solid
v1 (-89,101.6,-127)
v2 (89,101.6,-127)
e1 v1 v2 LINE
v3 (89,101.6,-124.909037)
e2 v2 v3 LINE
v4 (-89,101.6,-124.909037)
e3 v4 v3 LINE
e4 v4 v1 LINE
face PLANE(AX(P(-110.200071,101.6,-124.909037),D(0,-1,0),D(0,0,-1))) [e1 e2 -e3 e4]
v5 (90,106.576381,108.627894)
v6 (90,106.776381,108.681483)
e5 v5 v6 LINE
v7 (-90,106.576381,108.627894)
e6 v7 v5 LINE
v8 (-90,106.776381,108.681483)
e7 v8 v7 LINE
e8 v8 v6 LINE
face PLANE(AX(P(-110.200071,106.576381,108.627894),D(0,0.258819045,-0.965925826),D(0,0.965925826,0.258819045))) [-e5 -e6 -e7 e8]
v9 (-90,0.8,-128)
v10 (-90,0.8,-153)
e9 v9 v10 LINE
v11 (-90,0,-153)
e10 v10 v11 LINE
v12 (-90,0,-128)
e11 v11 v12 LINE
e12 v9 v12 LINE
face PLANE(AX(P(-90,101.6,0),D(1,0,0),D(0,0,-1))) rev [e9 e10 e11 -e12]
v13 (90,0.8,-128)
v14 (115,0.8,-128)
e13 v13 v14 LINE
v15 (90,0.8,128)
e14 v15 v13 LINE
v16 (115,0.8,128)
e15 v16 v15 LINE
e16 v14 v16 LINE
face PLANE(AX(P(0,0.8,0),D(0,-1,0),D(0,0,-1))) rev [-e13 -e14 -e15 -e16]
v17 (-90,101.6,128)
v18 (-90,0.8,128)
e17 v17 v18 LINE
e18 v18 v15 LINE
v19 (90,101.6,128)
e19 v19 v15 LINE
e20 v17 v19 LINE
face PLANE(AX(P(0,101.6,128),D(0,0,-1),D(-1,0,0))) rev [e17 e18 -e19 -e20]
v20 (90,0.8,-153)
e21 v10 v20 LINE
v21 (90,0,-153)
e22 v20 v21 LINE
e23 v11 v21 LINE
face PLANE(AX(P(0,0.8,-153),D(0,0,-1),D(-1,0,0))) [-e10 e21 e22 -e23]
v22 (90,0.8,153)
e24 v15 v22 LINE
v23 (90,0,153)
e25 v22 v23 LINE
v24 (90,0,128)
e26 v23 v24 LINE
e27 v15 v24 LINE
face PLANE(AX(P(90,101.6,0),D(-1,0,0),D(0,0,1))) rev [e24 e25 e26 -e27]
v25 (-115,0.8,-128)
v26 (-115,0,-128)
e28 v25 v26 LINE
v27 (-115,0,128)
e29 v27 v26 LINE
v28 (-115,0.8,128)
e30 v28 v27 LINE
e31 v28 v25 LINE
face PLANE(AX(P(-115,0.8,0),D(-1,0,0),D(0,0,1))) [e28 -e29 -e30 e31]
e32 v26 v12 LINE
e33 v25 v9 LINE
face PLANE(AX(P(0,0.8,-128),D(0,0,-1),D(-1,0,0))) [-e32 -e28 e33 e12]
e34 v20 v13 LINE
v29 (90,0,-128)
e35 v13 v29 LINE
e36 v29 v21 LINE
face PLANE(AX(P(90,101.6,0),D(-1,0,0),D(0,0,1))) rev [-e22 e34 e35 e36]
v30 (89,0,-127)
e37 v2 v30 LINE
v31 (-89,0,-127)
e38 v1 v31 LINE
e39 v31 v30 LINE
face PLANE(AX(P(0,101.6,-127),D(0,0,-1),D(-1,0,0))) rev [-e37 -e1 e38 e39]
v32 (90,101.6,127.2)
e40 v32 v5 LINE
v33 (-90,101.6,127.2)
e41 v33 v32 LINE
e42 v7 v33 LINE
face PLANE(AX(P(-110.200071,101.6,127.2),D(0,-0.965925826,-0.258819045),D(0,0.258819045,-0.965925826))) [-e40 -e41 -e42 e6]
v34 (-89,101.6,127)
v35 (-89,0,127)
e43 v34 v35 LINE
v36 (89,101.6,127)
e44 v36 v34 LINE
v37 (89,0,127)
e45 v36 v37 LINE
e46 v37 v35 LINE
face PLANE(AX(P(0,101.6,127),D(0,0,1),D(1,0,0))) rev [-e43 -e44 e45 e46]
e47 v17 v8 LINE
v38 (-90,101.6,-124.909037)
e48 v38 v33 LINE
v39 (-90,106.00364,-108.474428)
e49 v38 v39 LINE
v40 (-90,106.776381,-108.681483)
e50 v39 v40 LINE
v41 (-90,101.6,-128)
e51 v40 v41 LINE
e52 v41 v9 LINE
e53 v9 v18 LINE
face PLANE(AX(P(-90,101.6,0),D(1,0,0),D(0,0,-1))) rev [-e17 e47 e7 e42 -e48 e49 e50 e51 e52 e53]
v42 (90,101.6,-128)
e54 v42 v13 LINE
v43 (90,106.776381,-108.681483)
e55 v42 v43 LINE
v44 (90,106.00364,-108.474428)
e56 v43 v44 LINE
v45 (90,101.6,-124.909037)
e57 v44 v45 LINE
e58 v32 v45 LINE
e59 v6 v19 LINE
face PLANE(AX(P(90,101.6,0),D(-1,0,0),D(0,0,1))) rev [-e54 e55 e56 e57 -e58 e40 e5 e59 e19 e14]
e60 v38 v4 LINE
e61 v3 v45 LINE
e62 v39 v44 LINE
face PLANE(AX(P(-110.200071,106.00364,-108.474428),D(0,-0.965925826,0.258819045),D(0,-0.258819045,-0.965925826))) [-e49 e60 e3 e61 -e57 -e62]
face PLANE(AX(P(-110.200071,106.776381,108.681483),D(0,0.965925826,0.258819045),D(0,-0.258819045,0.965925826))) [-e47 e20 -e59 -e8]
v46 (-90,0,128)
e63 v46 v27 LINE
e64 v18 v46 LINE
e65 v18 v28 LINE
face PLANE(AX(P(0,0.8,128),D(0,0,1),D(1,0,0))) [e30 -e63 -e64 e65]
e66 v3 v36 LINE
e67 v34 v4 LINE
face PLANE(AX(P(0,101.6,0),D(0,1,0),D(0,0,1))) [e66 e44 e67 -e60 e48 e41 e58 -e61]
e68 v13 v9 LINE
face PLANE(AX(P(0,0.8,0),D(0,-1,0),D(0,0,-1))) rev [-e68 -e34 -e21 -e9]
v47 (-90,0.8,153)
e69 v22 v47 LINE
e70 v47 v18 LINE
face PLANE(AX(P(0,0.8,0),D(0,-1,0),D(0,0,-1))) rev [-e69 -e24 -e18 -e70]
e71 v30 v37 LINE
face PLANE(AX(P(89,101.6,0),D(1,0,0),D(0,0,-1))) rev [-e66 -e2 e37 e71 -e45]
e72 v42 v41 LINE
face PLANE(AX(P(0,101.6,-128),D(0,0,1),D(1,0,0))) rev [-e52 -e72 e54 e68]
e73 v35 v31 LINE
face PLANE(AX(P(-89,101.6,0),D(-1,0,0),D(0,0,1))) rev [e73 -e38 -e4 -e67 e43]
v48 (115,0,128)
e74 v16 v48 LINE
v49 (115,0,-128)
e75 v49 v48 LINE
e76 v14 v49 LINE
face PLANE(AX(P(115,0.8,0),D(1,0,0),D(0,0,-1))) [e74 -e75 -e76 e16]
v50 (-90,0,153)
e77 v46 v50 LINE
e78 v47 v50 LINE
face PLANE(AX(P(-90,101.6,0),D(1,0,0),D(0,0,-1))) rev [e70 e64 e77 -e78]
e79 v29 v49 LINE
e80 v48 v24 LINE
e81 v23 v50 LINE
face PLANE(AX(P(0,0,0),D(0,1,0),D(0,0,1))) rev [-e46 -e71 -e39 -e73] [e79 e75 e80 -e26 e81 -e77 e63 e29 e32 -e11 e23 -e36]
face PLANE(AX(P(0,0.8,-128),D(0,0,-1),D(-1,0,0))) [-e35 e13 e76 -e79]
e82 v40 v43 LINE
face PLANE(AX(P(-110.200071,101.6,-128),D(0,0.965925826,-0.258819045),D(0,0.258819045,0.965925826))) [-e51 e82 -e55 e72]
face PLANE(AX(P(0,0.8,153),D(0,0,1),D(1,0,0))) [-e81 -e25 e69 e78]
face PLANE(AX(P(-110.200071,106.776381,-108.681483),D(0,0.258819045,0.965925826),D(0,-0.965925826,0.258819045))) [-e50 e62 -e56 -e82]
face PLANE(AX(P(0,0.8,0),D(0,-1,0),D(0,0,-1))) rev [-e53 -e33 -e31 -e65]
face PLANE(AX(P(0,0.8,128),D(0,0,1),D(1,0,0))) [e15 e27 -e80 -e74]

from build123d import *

# Parameters (mm, degrees)
SKETCH1_W         = 180
SKETCH1_H         = 256
SKETCH1_W_2       = 178
SKETCH1_H_2       = 254
EXTRUSION1_DEPTH  = 101.6
SKETCH2_W         = 180
SKETCH2_H         = 25
SKETCH2_W_2       = 25
SKETCH2_H_2       = 256
EXTRUSION3_DEPTH  = 0.8
EXTRUSION10_REACH = 277.239


with BuildPart() as part:
    # Sketch1 → Extrusion1 (new body)
    with BuildSketch(Plane(origin=(0, 0, 0), x_dir=(-1, 0, 0), z_dir=(0, 1, 0))):
        Rectangle(SKETCH1_W, SKETCH1_H)
        Rectangle(SKETCH1_W_2, SKETCH1_H_2, mode=Mode.SUBTRACT)
    extrude(amount=EXTRUSION1_DEPTH)

    # Sketch2 → Extrusion3 (add)
    with BuildSketch(Plane.XZ):
        with Locations((0, 140.5)):
            Rectangle(SKETCH2_W, SKETCH2_H)
        with Locations((0, -140.5)):
            Rectangle(SKETCH2_W, SKETCH2_H)
        with Locations((102.5, 0)):
            Rectangle(SKETCH2_W_2, SKETCH2_H_2)
        with Locations((-102.5, 0)):
            Rectangle(SKETCH2_W_2, SKETCH2_H_2)
    extrude(amount=-EXTRUSION3_DEPTH)

    # Extrusion10: up to this face of the body (flat: up to its plane)
    extrusion10_end = Plane(part.part.faces().sort_by_distance((-90, 0.4, 140.5))[0])
    # Sketch5 → Extrusion10 (add, up to the picked face)
    with BuildSketch(Plane(origin=(90, 0, 0), x_dir=(0, 0, -1), z_dir=(1, 0, 0)), mode=Mode.PRIVATE) as extrusion10_sk1:
        Polygon((-128, 101.6), (-127.2, 101.6), (-108.627893636, 106.576380902), (-108.681483474, 106.776380902), align=None)
    extrusion10_tool1 = split(extrude(extrusion10_sk1.sketch, amount=-EXTRUSION10_REACH, mode=Mode.PRIVATE), bisect_by=extrusion10_end, keep=Keep.BOTH, mode=Mode.PRIVATE)
    # Sketch5 → Extrusion10 (add, up to the picked face)
    with BuildSketch(Plane(origin=(90, 0, 0), x_dir=(0, 0, -1), z_dir=(1, 0, 0)), mode=Mode.PRIVATE) as extrusion10_sk2:
        Polygon((124.909037356, 101.6), (128, 101.6), (108.681483474, 106.776380902), (108.474428238, 106.003640241), align=None)
    extrusion10_tool2 = split(extrude(extrusion10_sk2.sketch, amount=-EXTRUSION10_REACH, mode=Mode.PRIVATE), bisect_by=extrusion10_end, keep=Keep.BOTH, mode=Mode.PRIVATE)
    add(extrusion10_tool1.solids().sort_by(Axis((90, 104.138519, 118.128746), (-1, 0, 0)))[0])
    add(extrusion10_tool2.solids().sort_by(Axis((90, 104.000199, -117.538406), (-1, 0, 0)))[0])


solid = part.part
